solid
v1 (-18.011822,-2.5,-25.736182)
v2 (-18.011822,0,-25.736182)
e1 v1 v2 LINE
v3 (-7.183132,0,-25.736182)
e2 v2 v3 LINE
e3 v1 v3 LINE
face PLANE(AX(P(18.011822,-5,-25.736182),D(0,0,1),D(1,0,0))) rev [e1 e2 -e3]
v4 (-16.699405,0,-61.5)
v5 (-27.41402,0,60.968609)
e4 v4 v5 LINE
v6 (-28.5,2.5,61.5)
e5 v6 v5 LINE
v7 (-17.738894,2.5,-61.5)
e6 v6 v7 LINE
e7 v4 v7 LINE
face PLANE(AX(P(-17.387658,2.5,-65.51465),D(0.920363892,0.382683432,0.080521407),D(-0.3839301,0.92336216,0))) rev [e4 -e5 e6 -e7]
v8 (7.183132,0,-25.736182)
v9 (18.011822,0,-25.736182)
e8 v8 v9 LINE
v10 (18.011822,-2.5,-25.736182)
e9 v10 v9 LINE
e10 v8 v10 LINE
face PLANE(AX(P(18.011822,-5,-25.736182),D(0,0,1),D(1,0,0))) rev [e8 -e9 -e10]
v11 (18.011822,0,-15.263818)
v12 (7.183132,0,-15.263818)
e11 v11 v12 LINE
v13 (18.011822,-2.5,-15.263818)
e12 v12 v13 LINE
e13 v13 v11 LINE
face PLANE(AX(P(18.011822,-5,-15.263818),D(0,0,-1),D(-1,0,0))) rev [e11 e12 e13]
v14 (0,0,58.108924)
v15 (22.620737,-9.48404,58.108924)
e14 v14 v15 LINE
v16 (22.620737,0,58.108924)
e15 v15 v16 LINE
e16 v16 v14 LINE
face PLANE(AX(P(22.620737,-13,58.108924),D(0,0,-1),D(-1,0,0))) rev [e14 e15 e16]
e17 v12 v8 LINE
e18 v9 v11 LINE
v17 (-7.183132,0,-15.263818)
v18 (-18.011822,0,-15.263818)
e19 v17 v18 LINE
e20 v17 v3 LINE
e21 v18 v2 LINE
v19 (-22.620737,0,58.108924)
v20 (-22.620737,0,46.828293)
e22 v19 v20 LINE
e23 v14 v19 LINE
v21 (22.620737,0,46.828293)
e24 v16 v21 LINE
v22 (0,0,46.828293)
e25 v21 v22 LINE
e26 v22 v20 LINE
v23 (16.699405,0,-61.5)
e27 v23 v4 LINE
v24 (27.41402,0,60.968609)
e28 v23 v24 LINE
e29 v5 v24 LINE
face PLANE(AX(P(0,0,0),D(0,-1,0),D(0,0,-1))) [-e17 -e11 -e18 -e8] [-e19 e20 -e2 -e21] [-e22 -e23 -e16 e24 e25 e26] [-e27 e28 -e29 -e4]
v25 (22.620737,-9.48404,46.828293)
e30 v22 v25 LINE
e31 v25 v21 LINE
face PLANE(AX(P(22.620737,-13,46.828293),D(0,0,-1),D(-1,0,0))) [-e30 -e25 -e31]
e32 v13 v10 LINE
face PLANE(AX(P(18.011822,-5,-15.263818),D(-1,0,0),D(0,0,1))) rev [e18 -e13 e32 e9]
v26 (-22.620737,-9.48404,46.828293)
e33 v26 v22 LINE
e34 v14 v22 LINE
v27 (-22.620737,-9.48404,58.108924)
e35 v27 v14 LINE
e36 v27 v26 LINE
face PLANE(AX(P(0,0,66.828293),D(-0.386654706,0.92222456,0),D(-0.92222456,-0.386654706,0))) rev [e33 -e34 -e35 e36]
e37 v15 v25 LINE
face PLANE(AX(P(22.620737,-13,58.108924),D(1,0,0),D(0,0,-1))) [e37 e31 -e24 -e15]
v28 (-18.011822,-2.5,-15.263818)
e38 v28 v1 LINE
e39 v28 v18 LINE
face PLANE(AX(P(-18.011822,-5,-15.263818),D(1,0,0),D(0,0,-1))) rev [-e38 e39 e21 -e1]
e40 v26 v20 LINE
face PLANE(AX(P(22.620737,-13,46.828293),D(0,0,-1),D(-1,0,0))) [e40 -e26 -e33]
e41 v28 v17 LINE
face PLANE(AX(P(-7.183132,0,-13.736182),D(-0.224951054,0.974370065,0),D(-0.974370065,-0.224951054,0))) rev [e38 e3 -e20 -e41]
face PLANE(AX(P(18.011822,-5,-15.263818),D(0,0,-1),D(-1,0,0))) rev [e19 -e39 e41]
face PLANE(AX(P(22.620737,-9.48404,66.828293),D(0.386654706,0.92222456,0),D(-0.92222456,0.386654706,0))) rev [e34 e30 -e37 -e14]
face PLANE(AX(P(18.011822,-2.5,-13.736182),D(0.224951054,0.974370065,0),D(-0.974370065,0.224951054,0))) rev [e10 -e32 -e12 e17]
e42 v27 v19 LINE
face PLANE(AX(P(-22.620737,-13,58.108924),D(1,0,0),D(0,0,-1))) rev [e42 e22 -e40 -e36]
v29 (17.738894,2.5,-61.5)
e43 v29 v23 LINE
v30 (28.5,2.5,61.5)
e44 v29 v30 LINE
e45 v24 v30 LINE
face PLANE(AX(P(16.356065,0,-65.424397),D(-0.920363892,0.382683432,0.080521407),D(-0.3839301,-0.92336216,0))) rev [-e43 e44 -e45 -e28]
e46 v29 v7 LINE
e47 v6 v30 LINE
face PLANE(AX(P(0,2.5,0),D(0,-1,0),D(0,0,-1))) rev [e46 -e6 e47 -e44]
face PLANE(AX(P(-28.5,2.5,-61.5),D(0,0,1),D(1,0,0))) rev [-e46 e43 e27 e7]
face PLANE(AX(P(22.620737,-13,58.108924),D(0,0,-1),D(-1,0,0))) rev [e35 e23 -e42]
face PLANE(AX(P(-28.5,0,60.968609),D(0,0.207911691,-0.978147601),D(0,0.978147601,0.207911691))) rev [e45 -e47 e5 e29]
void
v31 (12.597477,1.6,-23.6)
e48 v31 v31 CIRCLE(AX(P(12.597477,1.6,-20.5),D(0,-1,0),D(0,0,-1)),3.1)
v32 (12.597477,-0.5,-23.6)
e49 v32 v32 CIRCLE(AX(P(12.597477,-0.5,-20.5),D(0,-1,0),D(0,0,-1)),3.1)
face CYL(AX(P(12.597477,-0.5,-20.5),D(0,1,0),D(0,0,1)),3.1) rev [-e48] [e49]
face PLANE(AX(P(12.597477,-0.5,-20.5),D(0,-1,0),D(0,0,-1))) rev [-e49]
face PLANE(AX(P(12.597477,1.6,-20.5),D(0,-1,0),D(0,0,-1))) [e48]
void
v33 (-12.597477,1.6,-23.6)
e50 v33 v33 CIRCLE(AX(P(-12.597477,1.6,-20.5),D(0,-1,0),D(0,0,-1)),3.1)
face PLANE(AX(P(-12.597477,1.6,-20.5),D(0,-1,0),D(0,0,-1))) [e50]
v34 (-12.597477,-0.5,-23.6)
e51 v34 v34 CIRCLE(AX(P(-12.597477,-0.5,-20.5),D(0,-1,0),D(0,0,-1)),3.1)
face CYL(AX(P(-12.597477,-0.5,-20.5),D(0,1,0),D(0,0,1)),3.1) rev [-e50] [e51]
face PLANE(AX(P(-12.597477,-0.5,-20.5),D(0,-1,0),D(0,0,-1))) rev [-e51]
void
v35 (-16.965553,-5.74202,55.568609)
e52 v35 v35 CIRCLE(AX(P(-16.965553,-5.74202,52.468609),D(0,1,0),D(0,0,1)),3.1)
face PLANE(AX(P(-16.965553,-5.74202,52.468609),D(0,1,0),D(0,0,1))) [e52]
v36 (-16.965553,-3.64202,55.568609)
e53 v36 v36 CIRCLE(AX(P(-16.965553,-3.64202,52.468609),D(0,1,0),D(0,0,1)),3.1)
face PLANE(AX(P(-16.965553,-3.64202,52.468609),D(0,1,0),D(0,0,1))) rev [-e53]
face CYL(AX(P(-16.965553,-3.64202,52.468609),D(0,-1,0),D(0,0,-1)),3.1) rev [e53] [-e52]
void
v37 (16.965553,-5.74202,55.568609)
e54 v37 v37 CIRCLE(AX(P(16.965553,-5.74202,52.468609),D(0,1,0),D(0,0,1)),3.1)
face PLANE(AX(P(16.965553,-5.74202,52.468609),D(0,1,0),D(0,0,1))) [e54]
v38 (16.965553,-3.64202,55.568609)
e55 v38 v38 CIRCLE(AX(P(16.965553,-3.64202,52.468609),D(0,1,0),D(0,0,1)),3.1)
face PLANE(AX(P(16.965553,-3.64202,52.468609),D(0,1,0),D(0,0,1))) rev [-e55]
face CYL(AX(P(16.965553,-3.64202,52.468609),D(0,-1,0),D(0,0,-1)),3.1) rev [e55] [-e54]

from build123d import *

# Parameters (mm, degrees)
SKIZZE1_W                            = 57
SKIZZE1_H                            = 123
AUFSATZ_LINEAR_AUSTRAGEN1_DEPTH      = 2.5
SCHNITT_LINEAR_AUSTRAGEN1_DEPTH      = 84.889808678
SCHNITT_LINEAR_AUSTRAGEN2_DEPTH      = 68.828828679
SCHNITT_LINEAR_AUSTRAGEN3_DEPTH      = 70.726045338
SCHNITT_LINEAR_AUSTRAGEN3_DEPTH_BACK = 70.726045338
SCHNITT_LINEAR_AUSTRAGEN4_DEPTH      = 70.47454308
SCHNITT_LINEAR_AUSTRAGEN4_DEPTH_BACK = 70.47454308
SKIZZE9_W                            = 45.241474544
SKIZZE9_H                            = 11.280630507
AUFSATZ_LINEAR_AUSTRAGEN2_DEPTH      = 13
SCHNITT_LINEAR_AUSTRAGEN5_DEPTH      = 20
SKIZZE12_W                           = 36.023643564
SKIZZE12_H                           = 10.472363364
AUFSATZ_LINEAR_AUSTRAGEN3_DEPTH      = 5
SCHNITT_LINEAR_AUSTRAGEN6_DEPTH      = 12
SCHNITT_LINEAR_AUSTRAGEN8_DEPTH      = 0.5
SCHNITT_LINEAR_AUSTRAGEN8_DEPTH_BACK = 1.6
SKIZZE16_R                           = 3.1
SCHNITT_LINEAR_AUSTRAGEN9_DEPTH      = 1.1
SCHNITT_LINEAR_AUSTRAGEN9_DEPTH_BACK = 1
SKIZZE17_R                           = 3.1


with BuildPart() as part:
    # Skizze1 → Aufsatz-Linear austragen1 (new body)
    with BuildSketch(Plane(origin=(0, 0, 0), x_dir=(1, 0, 0), z_dir=(0, 1, 0))):
        Rectangle(SKIZZE1_W, SKIZZE1_H)
    extrude(amount=AUFSATZ_LINEAR_AUSTRAGEN1_DEPTH)

    # Skizze2 → Schnitt-Linear austragen1 (cut, through all)
    with BuildSketch(Plane(origin=(28.5, 0, 0), x_dir=(0, 0, -1), z_dir=(1, 0, 0))):
        Polygon((-61.5, 2.5), (-61.5, 0), (-60.968608596, 0), align=None)
    extrude(amount=-SCHNITT_LINEAR_AUSTRAGEN1_DEPTH, mode=Mode.SUBTRACT)

    # Skizze3 → Schnitt-Linear austragen2 (cut, through all)
    with BuildSketch(Plane(origin=(0, 2.5, 0), x_dir=(1, 0, 0), z_dir=(0, 1, 0))):
        Polygon((-28.5, -61.5), (-17.738894386, 61.5), (-28.5, 61.5), align=None)
        Polygon((28.5, -61.5), (17.738894386, 61.5), (28.5, 61.5), align=None)
    extrude(amount=-SCHNITT_LINEAR_AUSTRAGEN2_DEPTH, mode=Mode.SUBTRACT)

    # Skizze5 → Schnitt-Linear austragen3 (cut, two sides: drawn at the far end of the back side and taken through both)
    with BuildSketch(Plane(origin=(0.175618176, 0, 2.007324937), x_dir=(0, -1, 0), z_dir=(0.08715574274765484, 0, 0.9961946980917459)).offset(-SCHNITT_LINEAR_AUSTRAGEN3_DEPTH_BACK)):
        Polygon((0.008562414, 23.031470717), (-2.5, 23.031470717), (0, 21.995936811), align=None)
    extrude(amount=SCHNITT_LINEAR_AUSTRAGEN3_DEPTH + SCHNITT_LINEAR_AUSTRAGEN3_DEPTH_BACK, mode=Mode.SUBTRACT)

    # Skizze6 → Schnitt-Linear austragen4 (cut, two sides: drawn at the far end of the back side and taken through both)
    with BuildSketch(Plane(origin=(-0.152372814, 0, 1.741629235), x_dir=(0, 1, 0), z_dir=(-0.08715574274766175, 0, 0.9961946980917452)).offset(-SCHNITT_LINEAR_AUSTRAGEN4_DEPTH_BACK)):
        Polygon((2.5, 23.031470717), (0, 21.995936811), (0, 23.031470717), align=None)
    extrude(amount=SCHNITT_LINEAR_AUSTRAGEN4_DEPTH + SCHNITT_LINEAR_AUSTRAGEN4_DEPTH_BACK, mode=Mode.SUBTRACT)

    # Skizze9 → Aufsatz-Linear austragen2 (add)
    with BuildSketch(Plane.XZ):
        with Locations((0, 52.468608596)):
            Rectangle(SKIZZE9_W, SKIZZE9_H)
    extrude(amount=AUFSATZ_LINEAR_AUSTRAGEN2_DEPTH)

    # Skizze11 → Schnitt-Linear austragen5 (cut)
    with BuildSketch(Plane(origin=(0, 0, 46.828293342), x_dir=(-1, 0, 0), z_dir=(0, 0, -1))):
        Polygon((-22.620737272, -9.484039906), (0, 0), (22.620737272, -9.484039906), (22.620737272, -13), (-22.620737272, -13), align=None)
    extrude(amount=-SCHNITT_LINEAR_AUSTRAGEN5_DEPTH, mode=Mode.SUBTRACT)

    # Skizze12 → Aufsatz-Linear austragen3 (add)
    with BuildSketch(Plane.XZ):
        with Locations((0, -20.5)):
            Rectangle(SKIZZE12_W, SKIZZE12_H)
    extrude(amount=AUFSATZ_LINEAR_AUSTRAGEN3_DEPTH)

    # Skizze13 → Schnitt-Linear austragen6 (cut)
    with BuildSketch(Plane(origin=(0, 0, -25.736181682), x_dir=(-1, 0, 0), z_dir=(0, 0, -1))):
        Polygon((-18.011821782, -2.5), (-7.183132097, 0), (7.183132097, 0), (18.011821782, -2.5), (18.011821782, -5), (-18.011821782, -5), align=None)
    extrude(amount=-SCHNITT_LINEAR_AUSTRAGEN6_DEPTH, mode=Mode.SUBTRACT)

    # Skizze16 → Schnitt-Linear austragen8 (cut, two sides: drawn at the far end of the back side and taken through both)
    with BuildSketch(Plane.XZ.offset(-SCHNITT_LINEAR_AUSTRAGEN8_DEPTH_BACK)):
        with Locations((12.59747694, -20.5)):
            Circle(SKIZZE16_R)
        with Locations((-12.59747694, -20.5)):
            Circle(SKIZZE16_R)
    extrude(amount=SCHNITT_LINEAR_AUSTRAGEN8_DEPTH + SCHNITT_LINEAR_AUSTRAGEN8_DEPTH_BACK, mode=Mode.SUBTRACT)

    # Skizze17 → Schnitt-Linear austragen9 (cut, two sides: drawn at the far end of the back side and taken through both)
    with BuildSketch(Plane(origin=(0, -4.742019953, 0), x_dir=(1, 0, 0), z_dir=(0, 1, 0)).offset(-SCHNITT_LINEAR_AUSTRAGEN9_DEPTH_BACK)):
        with Locations((-16.965552954, -52.468608596)):
            Circle(SKIZZE17_R)
        with Locations((16.965552954, -52.468608596)):
            Circle(SKIZZE17_R)
    extrude(amount=SCHNITT_LINEAR_AUSTRAGEN9_DEPTH + SCHNITT_LINEAR_AUSTRAGEN9_DEPTH_BACK, mode=Mode.SUBTRACT)


solid = part.part
